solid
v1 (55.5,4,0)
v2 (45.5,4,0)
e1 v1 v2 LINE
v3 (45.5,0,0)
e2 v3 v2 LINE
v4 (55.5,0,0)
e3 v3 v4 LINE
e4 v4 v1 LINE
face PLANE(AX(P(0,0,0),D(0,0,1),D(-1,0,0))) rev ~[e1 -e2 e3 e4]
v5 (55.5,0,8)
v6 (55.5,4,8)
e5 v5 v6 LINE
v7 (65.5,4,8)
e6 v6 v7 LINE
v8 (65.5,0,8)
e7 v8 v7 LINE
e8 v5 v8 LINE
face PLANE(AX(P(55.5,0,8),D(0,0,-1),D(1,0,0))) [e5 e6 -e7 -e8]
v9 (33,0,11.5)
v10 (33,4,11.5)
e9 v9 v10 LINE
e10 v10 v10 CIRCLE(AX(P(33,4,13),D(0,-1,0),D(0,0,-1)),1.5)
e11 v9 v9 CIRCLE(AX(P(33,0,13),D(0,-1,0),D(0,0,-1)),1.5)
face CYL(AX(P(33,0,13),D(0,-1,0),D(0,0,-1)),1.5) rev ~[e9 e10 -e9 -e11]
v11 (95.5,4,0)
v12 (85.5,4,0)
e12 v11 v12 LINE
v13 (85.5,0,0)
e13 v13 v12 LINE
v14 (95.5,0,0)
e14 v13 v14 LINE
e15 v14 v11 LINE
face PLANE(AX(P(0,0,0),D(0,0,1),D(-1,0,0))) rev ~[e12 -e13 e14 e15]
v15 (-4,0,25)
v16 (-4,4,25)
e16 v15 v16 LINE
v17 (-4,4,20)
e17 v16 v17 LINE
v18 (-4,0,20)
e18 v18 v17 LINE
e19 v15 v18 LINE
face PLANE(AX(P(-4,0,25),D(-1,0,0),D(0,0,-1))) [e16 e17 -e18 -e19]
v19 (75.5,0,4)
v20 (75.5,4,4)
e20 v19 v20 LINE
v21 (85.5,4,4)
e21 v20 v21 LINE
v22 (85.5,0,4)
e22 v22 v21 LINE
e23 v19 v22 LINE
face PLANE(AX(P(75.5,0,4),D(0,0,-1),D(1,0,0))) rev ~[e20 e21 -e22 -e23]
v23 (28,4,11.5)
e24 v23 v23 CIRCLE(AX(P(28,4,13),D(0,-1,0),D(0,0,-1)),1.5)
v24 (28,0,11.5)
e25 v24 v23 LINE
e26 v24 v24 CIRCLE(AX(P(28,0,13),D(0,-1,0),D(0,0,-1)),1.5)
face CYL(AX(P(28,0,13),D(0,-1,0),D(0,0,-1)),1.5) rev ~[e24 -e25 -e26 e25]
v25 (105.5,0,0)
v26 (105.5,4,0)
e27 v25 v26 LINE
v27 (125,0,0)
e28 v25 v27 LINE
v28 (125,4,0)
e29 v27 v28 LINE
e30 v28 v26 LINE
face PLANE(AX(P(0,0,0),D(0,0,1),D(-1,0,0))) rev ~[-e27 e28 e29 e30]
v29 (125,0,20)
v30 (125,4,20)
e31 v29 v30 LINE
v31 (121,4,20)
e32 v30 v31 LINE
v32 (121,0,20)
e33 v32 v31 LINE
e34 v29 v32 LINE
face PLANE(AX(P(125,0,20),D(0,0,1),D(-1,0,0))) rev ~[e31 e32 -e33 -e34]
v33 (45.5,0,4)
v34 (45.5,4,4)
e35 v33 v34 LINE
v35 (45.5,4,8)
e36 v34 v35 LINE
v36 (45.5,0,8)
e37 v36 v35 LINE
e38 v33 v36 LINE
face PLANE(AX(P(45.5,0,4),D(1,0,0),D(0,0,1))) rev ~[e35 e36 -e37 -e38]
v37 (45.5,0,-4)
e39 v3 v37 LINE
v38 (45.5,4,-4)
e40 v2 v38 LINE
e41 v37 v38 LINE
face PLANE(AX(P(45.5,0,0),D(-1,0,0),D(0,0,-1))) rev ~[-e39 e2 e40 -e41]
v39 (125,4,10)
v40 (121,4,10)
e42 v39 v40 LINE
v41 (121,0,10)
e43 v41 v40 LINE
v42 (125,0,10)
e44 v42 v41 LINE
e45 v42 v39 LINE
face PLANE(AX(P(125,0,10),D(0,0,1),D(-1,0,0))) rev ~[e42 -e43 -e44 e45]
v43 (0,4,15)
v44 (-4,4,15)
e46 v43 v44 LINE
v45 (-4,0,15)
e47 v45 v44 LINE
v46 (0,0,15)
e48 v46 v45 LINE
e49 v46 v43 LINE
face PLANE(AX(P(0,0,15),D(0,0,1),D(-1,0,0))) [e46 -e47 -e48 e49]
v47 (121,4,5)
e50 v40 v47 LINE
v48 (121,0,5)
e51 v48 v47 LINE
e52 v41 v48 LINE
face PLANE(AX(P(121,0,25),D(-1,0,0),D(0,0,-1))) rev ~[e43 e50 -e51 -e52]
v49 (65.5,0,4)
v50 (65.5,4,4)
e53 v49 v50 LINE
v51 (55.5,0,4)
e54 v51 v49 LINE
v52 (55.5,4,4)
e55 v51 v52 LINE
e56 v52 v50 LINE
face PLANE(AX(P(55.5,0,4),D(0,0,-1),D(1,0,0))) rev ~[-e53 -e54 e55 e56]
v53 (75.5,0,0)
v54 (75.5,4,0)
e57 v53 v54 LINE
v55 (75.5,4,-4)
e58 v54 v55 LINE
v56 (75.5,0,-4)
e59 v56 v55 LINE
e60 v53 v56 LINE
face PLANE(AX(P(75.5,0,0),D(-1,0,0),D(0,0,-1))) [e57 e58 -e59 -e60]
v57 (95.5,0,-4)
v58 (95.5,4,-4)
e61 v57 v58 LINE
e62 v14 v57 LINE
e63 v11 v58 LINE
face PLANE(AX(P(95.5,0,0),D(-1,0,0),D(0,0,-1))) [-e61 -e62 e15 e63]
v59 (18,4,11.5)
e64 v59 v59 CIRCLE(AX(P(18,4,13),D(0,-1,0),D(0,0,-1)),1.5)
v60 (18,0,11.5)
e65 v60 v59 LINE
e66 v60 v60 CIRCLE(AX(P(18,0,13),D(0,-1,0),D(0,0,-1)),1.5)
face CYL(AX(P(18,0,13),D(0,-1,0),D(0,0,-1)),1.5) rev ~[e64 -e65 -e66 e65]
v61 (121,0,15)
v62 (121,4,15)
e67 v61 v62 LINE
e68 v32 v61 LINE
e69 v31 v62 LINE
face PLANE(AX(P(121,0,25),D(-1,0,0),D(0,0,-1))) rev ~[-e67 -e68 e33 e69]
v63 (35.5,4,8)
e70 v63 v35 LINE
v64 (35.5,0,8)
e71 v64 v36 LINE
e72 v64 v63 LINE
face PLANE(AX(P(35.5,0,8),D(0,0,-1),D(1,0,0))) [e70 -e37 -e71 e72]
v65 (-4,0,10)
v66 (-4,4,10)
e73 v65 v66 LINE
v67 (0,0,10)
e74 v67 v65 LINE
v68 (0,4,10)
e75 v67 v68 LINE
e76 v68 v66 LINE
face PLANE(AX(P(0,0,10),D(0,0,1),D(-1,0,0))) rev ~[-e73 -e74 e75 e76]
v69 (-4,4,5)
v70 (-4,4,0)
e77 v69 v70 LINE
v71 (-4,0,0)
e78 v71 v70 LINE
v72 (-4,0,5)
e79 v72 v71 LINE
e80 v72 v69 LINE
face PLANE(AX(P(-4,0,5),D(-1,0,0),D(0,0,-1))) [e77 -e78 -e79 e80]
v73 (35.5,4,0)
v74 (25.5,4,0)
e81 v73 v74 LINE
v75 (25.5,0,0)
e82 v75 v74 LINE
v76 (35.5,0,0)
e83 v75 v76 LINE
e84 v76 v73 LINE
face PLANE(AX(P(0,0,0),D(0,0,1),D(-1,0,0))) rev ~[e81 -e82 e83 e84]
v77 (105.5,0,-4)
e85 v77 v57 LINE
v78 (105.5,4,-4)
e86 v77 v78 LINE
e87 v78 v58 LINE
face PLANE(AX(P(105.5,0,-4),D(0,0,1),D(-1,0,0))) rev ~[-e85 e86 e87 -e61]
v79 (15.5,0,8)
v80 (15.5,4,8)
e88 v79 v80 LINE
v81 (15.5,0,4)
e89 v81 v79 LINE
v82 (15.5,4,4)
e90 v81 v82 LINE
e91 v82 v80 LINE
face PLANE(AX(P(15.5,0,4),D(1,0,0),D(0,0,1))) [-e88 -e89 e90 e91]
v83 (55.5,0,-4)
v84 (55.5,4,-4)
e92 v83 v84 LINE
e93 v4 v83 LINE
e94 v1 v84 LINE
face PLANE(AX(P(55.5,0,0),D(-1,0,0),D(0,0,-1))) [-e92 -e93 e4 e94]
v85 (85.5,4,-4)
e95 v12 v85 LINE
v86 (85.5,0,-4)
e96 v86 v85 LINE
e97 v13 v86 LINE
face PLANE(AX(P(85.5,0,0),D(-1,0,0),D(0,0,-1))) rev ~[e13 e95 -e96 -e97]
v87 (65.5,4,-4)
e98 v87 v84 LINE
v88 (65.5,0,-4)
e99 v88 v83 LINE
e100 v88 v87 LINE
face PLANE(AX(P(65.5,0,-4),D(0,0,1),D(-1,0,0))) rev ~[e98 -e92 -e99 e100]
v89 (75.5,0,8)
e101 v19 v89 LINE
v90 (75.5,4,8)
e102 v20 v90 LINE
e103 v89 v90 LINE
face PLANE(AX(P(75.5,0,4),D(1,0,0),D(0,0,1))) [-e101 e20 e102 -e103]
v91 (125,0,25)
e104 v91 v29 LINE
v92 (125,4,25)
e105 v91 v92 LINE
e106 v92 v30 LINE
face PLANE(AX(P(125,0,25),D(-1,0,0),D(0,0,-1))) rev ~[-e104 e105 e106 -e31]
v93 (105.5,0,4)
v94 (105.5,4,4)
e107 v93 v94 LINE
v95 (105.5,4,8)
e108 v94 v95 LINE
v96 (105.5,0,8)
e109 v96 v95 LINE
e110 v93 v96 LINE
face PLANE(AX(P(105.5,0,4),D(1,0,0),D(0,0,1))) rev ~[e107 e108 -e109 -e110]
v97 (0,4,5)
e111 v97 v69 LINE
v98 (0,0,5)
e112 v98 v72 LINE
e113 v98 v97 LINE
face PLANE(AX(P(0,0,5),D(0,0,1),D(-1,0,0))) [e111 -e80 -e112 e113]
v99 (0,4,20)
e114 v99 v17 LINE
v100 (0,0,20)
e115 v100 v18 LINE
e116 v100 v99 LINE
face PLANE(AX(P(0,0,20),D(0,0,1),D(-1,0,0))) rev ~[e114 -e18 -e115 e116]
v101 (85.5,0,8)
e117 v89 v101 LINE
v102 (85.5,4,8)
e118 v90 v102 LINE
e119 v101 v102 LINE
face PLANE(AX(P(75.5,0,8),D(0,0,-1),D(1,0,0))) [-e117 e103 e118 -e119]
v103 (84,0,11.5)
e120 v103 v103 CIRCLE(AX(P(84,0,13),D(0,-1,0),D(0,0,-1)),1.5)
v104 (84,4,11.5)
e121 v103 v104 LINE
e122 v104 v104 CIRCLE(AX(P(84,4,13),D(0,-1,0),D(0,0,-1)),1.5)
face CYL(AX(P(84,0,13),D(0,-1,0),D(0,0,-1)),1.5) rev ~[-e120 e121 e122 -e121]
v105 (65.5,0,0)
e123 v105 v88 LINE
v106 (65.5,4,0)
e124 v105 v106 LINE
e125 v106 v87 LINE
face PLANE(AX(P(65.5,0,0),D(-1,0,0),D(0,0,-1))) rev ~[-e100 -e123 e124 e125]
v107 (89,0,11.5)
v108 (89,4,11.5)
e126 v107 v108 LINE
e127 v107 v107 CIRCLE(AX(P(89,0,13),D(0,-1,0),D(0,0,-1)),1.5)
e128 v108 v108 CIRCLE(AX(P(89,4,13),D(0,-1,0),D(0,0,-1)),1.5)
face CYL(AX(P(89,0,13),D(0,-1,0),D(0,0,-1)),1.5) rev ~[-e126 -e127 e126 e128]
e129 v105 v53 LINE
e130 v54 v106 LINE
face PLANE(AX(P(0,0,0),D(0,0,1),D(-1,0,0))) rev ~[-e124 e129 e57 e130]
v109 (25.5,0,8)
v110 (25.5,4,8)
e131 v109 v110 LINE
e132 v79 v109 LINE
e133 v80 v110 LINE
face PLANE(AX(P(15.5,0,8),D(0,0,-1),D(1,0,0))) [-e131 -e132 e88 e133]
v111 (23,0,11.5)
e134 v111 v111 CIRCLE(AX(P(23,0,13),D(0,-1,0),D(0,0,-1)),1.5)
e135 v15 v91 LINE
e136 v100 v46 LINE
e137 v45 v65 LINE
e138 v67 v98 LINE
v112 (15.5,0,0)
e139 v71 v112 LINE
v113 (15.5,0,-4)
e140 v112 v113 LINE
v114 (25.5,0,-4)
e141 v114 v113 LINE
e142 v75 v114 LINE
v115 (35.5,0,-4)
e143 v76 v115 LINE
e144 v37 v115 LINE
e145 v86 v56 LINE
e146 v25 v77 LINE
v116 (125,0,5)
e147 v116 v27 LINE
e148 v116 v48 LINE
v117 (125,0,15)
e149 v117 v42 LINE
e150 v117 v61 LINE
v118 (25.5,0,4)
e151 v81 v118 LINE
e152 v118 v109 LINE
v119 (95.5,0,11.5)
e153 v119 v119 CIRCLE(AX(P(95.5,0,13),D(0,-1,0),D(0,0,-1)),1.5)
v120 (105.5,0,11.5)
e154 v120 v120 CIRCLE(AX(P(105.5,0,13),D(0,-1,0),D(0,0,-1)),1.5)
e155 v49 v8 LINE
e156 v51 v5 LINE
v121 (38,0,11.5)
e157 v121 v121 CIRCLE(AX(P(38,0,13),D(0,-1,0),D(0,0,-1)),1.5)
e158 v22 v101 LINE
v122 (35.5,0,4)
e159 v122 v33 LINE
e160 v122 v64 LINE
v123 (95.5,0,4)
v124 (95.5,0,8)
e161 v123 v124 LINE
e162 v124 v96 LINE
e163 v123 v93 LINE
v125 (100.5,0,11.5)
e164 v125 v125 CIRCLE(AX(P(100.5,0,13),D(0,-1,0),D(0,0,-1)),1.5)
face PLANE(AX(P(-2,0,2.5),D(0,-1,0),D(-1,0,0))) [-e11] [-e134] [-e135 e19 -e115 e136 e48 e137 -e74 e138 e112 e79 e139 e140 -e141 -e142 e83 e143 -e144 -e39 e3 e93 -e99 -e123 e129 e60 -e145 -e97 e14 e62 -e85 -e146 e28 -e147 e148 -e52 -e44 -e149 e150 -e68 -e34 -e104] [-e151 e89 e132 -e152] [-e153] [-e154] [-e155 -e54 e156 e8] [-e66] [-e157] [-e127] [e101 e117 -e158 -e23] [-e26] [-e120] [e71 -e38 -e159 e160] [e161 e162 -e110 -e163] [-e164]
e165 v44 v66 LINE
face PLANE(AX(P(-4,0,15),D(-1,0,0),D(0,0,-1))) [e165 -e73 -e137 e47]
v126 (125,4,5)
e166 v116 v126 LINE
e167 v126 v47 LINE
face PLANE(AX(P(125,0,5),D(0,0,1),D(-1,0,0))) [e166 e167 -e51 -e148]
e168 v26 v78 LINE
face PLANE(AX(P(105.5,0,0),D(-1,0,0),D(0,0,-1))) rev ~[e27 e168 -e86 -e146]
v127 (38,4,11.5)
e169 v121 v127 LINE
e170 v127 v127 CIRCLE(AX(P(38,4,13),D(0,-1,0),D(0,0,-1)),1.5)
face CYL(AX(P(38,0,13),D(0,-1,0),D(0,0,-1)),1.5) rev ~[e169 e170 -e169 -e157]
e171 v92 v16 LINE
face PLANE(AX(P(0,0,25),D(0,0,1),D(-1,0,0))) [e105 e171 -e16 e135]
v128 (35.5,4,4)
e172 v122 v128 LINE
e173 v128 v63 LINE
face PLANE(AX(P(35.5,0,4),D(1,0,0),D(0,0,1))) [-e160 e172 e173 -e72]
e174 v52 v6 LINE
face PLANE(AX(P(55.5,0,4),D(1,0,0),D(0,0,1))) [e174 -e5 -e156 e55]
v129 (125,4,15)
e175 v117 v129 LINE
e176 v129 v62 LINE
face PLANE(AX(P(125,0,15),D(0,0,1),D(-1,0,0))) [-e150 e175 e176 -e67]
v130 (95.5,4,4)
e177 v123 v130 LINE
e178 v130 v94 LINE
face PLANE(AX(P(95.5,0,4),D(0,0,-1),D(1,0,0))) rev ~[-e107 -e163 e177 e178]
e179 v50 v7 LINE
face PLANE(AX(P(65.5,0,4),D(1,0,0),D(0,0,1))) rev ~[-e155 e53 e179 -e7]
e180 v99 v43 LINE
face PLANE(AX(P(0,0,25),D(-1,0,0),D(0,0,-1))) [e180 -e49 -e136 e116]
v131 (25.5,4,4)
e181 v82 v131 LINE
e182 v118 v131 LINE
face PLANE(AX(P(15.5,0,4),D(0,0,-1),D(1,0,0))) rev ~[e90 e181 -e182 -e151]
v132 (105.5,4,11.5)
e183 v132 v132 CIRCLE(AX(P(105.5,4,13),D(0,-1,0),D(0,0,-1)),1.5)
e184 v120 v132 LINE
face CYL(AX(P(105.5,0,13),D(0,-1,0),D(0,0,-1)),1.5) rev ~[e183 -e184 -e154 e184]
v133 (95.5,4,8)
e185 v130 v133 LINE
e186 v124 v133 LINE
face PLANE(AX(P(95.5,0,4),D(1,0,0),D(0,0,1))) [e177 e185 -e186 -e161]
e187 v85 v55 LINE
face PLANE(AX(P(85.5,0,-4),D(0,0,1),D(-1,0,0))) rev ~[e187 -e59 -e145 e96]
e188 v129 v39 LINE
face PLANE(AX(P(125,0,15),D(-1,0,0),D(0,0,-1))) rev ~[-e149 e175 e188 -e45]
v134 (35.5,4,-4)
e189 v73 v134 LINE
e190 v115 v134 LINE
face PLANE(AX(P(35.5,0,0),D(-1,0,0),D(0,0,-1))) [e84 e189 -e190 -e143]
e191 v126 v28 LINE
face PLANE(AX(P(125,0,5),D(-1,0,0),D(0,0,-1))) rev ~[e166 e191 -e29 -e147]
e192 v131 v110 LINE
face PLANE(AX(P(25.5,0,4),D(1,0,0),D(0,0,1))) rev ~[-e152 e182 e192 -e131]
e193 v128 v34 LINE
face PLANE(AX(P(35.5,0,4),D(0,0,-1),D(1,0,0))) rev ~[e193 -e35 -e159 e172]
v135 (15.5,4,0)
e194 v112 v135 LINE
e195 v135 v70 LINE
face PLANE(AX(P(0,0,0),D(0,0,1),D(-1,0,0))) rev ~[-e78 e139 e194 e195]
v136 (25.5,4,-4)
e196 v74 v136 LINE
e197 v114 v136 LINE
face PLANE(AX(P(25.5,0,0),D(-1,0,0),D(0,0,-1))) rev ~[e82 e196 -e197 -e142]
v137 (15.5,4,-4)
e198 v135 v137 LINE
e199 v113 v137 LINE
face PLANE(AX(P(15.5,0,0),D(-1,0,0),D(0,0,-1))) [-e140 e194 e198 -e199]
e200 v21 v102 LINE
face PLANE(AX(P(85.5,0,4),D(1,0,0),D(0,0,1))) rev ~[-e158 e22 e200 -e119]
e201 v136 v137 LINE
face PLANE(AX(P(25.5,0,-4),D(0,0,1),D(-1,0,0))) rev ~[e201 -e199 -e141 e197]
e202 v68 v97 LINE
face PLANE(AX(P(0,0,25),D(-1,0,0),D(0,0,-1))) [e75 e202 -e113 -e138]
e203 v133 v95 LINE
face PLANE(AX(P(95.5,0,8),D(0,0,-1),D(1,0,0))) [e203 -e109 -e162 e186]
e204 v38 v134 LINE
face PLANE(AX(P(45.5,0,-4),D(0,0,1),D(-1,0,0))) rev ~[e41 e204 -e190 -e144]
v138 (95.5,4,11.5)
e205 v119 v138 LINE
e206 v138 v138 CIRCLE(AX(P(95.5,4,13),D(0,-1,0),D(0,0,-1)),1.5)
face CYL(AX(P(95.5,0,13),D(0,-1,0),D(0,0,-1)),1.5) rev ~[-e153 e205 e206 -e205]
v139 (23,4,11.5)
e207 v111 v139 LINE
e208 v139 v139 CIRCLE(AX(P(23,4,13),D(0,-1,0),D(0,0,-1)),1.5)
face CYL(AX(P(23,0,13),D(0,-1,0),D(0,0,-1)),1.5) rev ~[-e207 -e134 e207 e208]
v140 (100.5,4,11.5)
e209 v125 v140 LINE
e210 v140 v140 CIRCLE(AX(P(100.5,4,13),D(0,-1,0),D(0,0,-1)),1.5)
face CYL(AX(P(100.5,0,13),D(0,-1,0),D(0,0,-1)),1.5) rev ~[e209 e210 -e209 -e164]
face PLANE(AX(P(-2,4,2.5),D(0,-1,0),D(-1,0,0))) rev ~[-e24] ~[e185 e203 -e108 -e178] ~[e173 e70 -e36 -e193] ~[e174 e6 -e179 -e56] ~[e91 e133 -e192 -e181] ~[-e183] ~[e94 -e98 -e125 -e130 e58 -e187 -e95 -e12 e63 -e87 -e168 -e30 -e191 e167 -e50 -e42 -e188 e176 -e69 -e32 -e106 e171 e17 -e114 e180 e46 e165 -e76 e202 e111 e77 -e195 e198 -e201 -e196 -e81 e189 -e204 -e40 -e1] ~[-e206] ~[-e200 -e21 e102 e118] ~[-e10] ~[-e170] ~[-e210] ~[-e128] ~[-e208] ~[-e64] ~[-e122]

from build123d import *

# Parameters (mm, degrees)
SKETCH1_W           = 121
SKETCH1_H           = 25
BOSS_EXTRUDE1_DEPTH = 4
SKETCH2_W           = 4
SKETCH2_H           = 5
BOSS_EXTRUDE2_DEPTH = 4
LPATTERN1_COUNT     = 3
LPATTERN1_PITCH     = 10
SKETCH3_W           = 10
SKETCH3_H           = 4
BOSS_EXTRUDE3_DEPTH = 4
LPATTERN2_COUNT     = 3
LPATTERN2_PITCH     = 20
LPATTERN2_COL_COUNT = 3
LPATTERN2_COL_PITCH = 20
SKETCH4_W           = 10
SKETCH4_H           = 4
CUT_EXTRUDE1_DEPTH  = 128.538229563
SKETCH6_R           = 1.5
CUT_EXTRUDE3_DEPTH  = 128.538229563


with BuildPart() as part:
    # Sketch1 → Boss-Extrude1 (new body)
    with BuildSketch(Plane(origin=(0, 0, 0), x_dir=(1, 0, 0), z_dir=(0, 1, 0))):
        with Locations((60.5, -12.5)):
            Rectangle(SKETCH1_W, SKETCH1_H)
    extrude(amount=BOSS_EXTRUDE1_DEPTH)

    # Sketch2 → Boss-Extrude2 (add, through all)
    with BuildSketch(Plane(origin=(0, 0, 0), x_dir=(-1, 0, 0), z_dir=(0, -1, 0))):
        with Locations((2, -22.5)):
            Rectangle(SKETCH2_W, SKETCH2_H)
        with Locations((-123, -22.5)):
            Rectangle(SKETCH2_W, SKETCH2_H)
    boss_extrude2 = extrude(amount=-BOSS_EXTRUDE2_DEPTH)

    # LPattern1: Boss-Extrude2 ×3
    with Locations(*[(0, 0, -i * LPATTERN1_PITCH) for i in range(1, LPATTERN1_COUNT)]):
        add(boss_extrude2)

    # Sketch3 → Boss-Extrude3 (add, through all)
    with BuildSketch(Plane(origin=(0, 0, 0), x_dir=(-1, 0, 0), z_dir=(0, -1, 0))):
        with Locations((-60.5, 2)):
            Rectangle(SKETCH3_W, SKETCH3_H)
    boss_extrude3 = extrude(amount=-BOSS_EXTRUDE3_DEPTH)

    # LPattern2: Boss-Extrude3 ×3
    with Locations(*[(i * LPATTERN2_PITCH, 0, 0) for i in range(1, LPATTERN2_COUNT)]):
        add(boss_extrude3)

    # LPattern2 col: Boss-Extrude3 ×3
    with Locations(*[(-i * LPATTERN2_COL_PITCH, 0, 0) for i in range(1, LPATTERN2_COL_COUNT)]):
        add(boss_extrude3)

    # Sketch4 → Cut-Extrude1 (cut, through all)
    with BuildSketch(Plane.XZ):
        with Locations((20.5, 6)):
            Rectangle(SKETCH4_W, SKETCH4_H)
        with Locations((40.5, 6)):
            Rectangle(SKETCH4_W, SKETCH4_H)
        with Locations((60.5, 6)):
            Rectangle(SKETCH4_W, SKETCH4_H)
        with Locations((80.5, 6)):
            Rectangle(SKETCH4_W, SKETCH4_H)
        with Locations((100.5, 6)):
            Rectangle(SKETCH4_W, SKETCH4_H)
    extrude(amount=-CUT_EXTRUDE1_DEPTH, mode=Mode.SUBTRACT)

    # Sketch6 → Cut-Extrude3 (cut, through all)
    with BuildSketch(Plane.XZ):
        with Locations(Location((38, 13, 0), (0, 0, 270))):
            Circle(SKETCH6_R)
        with Locations(Location((33, 13, 0), (0, 0, 270))):
            Circle(SKETCH6_R)
        with Locations(Location((28, 13, 0), (0, 0, 270))):
            Circle(SKETCH6_R)
        with Locations(Location((23, 13, 0), (0, 0, 270))):
            Circle(SKETCH6_R)
        with Locations(Location((18, 13, 0), (0, 0, 270))):
            Circle(SKETCH6_R)
        with Locations(Location((84, 13, 0), (0, 0, 270))):
            Circle(SKETCH6_R)
        with Locations(Location((89, 13, 0), (0, 0, 270))):
            Circle(SKETCH6_R)
        with Locations(Location((95.5, 13, 0), (0, 0, 270))):
            Circle(SKETCH6_R)
        with Locations(Location((100.5, 13, 0), (0, 0, 270))):
            Circle(SKETCH6_R)
        with Locations(Location((105.5, 13, 0), (0, 0, 270))):
            Circle(SKETCH6_R)
    extrude(amount=-CUT_EXTRUDE3_DEPTH, mode=Mode.SUBTRACT)


solid = part.part
